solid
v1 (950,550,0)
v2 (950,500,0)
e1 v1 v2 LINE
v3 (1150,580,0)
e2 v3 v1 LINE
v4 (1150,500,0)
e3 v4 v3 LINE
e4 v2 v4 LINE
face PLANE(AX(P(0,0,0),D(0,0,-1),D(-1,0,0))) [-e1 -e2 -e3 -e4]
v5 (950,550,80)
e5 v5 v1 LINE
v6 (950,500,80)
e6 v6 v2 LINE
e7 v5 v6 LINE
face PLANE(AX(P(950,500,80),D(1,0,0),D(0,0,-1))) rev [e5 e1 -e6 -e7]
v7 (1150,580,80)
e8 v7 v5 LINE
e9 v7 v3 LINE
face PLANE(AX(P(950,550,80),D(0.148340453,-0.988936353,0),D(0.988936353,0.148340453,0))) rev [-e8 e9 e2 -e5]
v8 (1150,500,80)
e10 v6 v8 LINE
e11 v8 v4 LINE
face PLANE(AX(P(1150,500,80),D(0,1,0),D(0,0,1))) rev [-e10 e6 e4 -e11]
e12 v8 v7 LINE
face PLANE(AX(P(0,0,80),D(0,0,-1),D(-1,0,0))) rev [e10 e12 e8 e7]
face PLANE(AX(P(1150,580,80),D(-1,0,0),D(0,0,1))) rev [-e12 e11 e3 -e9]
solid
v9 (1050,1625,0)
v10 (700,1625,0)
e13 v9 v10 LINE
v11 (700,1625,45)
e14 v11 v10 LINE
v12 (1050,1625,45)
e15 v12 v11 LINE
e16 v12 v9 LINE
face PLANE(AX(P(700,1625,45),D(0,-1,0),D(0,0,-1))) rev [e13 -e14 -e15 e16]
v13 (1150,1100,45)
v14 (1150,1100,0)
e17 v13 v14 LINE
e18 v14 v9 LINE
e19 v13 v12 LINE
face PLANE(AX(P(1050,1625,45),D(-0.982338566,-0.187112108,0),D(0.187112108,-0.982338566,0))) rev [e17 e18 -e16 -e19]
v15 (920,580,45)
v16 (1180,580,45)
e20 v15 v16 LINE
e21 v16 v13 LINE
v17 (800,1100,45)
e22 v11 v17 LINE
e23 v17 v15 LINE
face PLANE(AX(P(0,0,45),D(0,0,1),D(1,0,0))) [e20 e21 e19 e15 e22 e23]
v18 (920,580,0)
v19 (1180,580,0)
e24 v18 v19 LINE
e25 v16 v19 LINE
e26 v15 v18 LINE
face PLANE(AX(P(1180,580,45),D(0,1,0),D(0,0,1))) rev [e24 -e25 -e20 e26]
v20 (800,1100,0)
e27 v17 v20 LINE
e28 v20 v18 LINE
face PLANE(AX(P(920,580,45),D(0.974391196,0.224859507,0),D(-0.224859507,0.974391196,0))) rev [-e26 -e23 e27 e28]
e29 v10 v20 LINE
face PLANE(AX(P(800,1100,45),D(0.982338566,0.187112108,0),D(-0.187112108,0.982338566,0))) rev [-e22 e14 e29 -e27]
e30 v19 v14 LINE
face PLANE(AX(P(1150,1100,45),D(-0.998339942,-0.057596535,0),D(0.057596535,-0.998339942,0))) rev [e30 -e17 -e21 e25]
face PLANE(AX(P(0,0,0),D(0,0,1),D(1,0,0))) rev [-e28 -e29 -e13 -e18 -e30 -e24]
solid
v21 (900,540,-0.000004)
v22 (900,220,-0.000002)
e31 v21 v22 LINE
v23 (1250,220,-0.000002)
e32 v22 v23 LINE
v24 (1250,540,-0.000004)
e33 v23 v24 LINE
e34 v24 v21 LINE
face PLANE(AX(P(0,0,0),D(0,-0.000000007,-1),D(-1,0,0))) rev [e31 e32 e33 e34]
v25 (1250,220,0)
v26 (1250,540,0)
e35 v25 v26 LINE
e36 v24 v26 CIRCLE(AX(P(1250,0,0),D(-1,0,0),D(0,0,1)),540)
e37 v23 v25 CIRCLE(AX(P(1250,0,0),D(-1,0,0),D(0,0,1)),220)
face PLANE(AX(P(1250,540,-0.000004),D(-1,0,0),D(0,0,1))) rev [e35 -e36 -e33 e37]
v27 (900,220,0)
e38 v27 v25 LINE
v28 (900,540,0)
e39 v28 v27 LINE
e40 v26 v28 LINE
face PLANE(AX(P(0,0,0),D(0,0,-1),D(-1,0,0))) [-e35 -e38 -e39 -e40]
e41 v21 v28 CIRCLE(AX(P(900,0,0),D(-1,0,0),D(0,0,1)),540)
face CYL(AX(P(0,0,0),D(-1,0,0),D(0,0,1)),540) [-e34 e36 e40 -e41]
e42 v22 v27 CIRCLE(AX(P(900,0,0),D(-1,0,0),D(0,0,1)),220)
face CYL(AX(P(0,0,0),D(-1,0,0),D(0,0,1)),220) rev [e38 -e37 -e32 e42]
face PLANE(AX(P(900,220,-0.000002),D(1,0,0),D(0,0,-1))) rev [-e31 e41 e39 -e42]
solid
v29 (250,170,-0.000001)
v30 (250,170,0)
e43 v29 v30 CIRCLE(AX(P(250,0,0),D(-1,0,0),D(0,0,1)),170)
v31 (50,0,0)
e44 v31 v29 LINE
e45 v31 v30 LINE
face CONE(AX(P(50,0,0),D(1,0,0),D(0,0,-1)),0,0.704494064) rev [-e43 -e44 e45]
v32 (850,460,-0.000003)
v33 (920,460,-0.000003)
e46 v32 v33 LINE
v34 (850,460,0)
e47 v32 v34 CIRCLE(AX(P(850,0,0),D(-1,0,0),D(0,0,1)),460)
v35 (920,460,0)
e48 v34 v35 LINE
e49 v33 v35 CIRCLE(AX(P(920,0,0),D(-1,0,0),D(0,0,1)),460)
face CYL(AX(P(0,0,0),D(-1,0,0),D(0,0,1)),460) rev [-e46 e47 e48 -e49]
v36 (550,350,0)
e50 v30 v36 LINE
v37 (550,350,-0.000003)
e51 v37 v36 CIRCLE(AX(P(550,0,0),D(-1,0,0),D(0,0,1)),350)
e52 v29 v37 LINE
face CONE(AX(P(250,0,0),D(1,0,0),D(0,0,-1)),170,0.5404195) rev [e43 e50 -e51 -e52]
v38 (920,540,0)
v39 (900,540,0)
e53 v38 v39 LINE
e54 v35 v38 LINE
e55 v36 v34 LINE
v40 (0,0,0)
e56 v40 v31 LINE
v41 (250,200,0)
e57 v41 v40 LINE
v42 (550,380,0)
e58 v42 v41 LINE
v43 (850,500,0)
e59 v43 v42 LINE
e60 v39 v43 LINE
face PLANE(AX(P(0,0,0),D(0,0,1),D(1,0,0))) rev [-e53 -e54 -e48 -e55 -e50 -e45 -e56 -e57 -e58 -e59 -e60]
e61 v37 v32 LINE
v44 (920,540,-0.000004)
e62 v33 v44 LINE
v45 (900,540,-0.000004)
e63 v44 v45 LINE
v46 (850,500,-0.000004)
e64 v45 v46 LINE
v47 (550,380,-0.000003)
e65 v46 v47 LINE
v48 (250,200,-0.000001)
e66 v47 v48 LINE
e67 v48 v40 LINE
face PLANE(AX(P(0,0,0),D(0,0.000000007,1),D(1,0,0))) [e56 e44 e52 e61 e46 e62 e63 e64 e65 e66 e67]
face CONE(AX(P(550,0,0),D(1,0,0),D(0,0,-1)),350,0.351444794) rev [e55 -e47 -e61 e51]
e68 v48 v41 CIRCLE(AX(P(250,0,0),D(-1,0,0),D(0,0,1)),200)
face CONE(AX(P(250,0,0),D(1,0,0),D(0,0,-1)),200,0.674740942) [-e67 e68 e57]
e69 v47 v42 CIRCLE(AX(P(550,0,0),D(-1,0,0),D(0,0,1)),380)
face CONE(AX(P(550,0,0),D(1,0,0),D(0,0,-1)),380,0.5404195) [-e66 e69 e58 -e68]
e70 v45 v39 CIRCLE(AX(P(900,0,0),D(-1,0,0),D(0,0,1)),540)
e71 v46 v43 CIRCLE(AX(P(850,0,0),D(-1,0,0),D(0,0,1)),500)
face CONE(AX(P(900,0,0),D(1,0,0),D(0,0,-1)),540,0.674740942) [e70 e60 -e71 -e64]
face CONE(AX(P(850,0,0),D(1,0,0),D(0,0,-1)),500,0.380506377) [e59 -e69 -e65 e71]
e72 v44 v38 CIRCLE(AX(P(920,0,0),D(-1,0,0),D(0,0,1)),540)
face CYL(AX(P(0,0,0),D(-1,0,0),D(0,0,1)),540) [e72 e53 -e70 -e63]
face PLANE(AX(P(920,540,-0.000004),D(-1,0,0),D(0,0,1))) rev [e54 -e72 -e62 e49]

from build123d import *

# Parameters (mm, degrees)
REVOLVE1_ANGLE      = 359.999999589
SKETCH2_W           = 350
SKETCH2_H           = 320
REVOLVE2_ANGLE      = 359.999999589
BOSS_EXTRUDE1_DEPTH = 80
BOSS_EXTRUDE2_DEPTH = 45


with BuildPart() as part:
    # Sketch1 → Revolve1 (revolve)
    with BuildSketch(Plane.XY):
        Polygon((0, 0), (250, 200), (550, 380), (850, 500), (900, 540), (920, 540), (920, 460), (850, 460), (550, 350), (250, 170), (50, 0), align=None)
    revolve(axis=Axis((0, 0, 0), (1, 0, 0)), revolution_arc=REVOLVE1_ANGLE)


with BuildPart() as body_2:
    # Sketch2 → Revolve2 (revolve)
    with BuildSketch(Plane.XY):
        with Locations((1075, 380)):
            Rectangle(SKETCH2_W, SKETCH2_H)
    revolve(axis=Axis((0, 0, 0), (1, 0, 0)), revolution_arc=REVOLVE2_ANGLE)


with BuildPart() as body_3:
    # Sketch3 → Boss-Extrude1 (new body)
    with BuildSketch(Plane.XY):
        Polygon((950, 500), (950, 550), (1150, 580), (1150, 500), align=None)
    extrude(amount=BOSS_EXTRUDE1_DEPTH)


with BuildPart() as body_4:
    # Sketch4 → Boss-Extrude2 (new body)
    with BuildSketch(Plane.XY):
        Polygon((920, 580), (800, 1100), (700, 1625), (1050, 1625), (1150, 1100), (1180, 580), align=None)
    extrude(amount=BOSS_EXTRUDE2_DEPTH)


solid = Compound([part.part, body_2.part, body_3.part, body_4.part])
